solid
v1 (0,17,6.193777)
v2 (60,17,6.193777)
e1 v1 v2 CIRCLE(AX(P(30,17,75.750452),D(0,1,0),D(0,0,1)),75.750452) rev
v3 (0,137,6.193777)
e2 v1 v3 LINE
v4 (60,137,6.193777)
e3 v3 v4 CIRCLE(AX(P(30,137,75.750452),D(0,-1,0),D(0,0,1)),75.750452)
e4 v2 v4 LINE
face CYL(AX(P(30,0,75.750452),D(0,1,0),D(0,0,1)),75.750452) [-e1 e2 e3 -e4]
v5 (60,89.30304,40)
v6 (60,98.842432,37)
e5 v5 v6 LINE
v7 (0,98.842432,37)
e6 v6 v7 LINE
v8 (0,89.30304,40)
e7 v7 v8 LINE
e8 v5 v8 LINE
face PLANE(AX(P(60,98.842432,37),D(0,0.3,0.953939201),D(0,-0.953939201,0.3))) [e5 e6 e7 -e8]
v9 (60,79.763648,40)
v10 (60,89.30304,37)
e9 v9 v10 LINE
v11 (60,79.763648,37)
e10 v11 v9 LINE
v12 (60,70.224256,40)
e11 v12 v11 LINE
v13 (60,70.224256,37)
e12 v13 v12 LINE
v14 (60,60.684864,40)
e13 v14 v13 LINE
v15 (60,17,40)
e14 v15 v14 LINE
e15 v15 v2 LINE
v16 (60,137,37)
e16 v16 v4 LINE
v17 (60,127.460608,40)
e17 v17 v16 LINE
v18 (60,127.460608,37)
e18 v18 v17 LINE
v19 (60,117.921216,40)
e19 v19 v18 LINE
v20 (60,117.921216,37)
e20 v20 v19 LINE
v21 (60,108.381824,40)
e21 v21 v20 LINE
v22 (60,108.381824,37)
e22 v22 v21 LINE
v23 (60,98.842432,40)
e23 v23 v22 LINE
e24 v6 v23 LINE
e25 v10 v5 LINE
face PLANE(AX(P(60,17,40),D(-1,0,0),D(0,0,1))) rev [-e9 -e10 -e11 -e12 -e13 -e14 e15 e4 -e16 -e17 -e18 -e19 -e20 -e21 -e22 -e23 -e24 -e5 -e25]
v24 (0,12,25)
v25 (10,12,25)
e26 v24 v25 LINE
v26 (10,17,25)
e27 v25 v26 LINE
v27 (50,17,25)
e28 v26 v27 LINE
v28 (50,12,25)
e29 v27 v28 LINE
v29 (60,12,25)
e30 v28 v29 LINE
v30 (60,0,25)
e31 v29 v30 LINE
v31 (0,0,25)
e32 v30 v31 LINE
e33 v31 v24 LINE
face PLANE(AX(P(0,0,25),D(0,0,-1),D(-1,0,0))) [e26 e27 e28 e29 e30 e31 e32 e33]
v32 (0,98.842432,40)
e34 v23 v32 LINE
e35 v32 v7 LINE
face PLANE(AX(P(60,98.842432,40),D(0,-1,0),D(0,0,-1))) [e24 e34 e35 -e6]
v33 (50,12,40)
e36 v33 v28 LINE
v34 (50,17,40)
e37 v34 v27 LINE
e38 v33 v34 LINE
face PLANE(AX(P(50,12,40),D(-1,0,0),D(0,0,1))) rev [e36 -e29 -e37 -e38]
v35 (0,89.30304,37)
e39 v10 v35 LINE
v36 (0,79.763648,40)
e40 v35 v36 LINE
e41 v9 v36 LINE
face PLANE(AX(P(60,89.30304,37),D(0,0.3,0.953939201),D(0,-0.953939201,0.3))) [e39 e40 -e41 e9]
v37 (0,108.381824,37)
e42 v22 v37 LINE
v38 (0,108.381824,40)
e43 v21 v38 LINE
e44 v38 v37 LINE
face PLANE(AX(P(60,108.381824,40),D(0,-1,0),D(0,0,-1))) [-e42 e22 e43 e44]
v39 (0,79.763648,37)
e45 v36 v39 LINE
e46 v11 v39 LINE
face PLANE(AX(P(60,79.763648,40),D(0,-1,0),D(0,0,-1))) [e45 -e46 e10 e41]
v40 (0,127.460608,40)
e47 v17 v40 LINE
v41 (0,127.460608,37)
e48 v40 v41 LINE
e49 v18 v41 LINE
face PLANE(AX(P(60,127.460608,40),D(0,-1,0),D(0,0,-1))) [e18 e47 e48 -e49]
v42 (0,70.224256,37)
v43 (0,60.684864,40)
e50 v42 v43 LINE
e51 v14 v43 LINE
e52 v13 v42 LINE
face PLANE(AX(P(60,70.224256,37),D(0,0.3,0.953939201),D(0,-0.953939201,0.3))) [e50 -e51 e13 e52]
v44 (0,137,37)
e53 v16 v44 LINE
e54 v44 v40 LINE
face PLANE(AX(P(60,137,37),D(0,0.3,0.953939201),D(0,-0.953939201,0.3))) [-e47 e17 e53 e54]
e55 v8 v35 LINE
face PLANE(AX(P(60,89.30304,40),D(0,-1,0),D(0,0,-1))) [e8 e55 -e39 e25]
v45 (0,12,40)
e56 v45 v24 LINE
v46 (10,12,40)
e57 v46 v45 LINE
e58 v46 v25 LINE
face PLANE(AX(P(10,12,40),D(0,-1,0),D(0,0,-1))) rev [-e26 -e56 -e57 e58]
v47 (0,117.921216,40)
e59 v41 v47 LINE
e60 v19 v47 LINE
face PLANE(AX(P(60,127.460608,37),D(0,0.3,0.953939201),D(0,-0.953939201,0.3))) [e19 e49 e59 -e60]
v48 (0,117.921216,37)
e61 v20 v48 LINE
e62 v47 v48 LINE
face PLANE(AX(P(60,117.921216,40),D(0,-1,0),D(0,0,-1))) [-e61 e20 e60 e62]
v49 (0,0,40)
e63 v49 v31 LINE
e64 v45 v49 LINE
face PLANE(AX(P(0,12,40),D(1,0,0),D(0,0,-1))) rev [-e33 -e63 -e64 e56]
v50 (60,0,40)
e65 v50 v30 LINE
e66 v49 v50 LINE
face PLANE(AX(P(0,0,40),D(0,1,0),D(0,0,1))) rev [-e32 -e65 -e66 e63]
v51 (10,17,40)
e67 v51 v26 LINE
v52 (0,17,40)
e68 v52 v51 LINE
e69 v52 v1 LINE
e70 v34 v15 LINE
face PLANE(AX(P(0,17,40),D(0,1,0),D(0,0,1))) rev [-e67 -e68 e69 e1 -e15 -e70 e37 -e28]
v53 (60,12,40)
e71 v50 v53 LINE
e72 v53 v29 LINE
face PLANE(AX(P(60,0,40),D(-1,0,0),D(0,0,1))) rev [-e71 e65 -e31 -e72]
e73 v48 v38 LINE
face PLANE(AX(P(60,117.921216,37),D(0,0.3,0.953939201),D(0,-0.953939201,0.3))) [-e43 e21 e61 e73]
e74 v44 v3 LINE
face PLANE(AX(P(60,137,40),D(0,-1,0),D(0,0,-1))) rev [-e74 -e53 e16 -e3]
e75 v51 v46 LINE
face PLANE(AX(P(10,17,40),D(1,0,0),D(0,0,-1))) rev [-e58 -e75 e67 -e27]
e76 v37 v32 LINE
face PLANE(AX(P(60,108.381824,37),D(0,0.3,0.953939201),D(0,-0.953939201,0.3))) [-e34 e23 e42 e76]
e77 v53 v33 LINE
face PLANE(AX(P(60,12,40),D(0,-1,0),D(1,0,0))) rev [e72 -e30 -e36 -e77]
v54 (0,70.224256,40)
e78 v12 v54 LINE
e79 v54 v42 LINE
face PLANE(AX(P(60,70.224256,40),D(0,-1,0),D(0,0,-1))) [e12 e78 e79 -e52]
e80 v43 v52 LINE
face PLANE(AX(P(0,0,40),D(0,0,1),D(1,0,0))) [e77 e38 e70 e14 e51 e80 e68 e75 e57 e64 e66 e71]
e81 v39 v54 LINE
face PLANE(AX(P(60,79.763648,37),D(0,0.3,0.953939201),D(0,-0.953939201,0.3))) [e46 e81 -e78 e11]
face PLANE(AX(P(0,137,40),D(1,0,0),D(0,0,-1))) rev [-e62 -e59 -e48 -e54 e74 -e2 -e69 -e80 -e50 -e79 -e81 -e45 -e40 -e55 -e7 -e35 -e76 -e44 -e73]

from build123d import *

# Parameters (mm, degrees)
BOSS_EXTRUDE1_DEPTH     = 40
CUT_EXTRUDE1_DEPTH      = 155.819249449
CUT_EXTRUDE1_DEPTH_BACK = 155.819249449
CUT_EXTRUDE2_DEPTH      = 25
CUT_EXTRUDE3_DEPTH      = 155.819249449


with BuildPart() as part:
    # Sketch1 → Boss-Extrude1 (new body)
    with BuildSketch(Plane.XY):
        Polygon((0, 0), (60, 0), (60, 12), (50, 12), (50, 17), (60, 17), (60, 137), (0, 137), (0, 17), (10, 17), (10, 12), (0, 12), align=None)
    extrude(amount=BOSS_EXTRUDE1_DEPTH)

    # Sketch2 → Cut-Extrude1 (cut, two sides: drawn at the far end of the back side and taken through both)
    with BuildSketch(Plane(origin=(0, 0, 0), x_dir=(0, 0, -1), z_dir=(1, 0, 0)).offset(-CUT_EXTRUDE1_DEPTH_BACK)):
        Polygon((-40, 137), (-37, 137), (-40, 127.460607986), (-37, 127.460607986), (-40, 117.921215972), (-37, 117.921215972), (-40, 108.381823957), (-37, 108.381823957), (-40, 98.842431943), (-37, 98.842431943), (-40, 89.303039929), (-37, 89.303039929), (-40, 79.763647915), (-37, 79.763647915), (-40, 70.224255901), (-37, 70.224255901), (-40, 60.684863887), (-47.730210084, 60.684863887), (-47.730210084, 137), align=None)
    extrude(amount=CUT_EXTRUDE1_DEPTH + CUT_EXTRUDE1_DEPTH_BACK, mode=Mode.SUBTRACT)

    # Sketch3 → Cut-Extrude2 (cut)
    with BuildSketch(Plane(origin=(0, 0, 0), x_dir=(-1, 0, 0), z_dir=(0, 0, -1))):
        Polygon((-60, 0), (0, 0), (0, 12), (-10, 12), (-10, 17), (-50, 17), (-50, 12), (-60, 12), align=None)
    extrude(amount=-CUT_EXTRUDE2_DEPTH, mode=Mode.SUBTRACT)

    # Sketch4 → Cut-Extrude3 (cut, through all)
    with BuildSketch(Plane(origin=(0, 137, 0), x_dir=(1, 0, 0), z_dir=(0, 1, 0))):
        with BuildLine():
            Line((0, -6.193777394), (0, 6.02263776))
            Line((0, 6.02263776), (60, 6.02263776))
            Line((60, 6.02263776), (60, -6.193777394))
            ThreePointArc((60, -6.193777394), (30, 0), (0, -6.193777394))
        make_face()
    extrude(amount=-CUT_EXTRUDE3_DEPTH, mode=Mode.SUBTRACT)


solid = part.part
